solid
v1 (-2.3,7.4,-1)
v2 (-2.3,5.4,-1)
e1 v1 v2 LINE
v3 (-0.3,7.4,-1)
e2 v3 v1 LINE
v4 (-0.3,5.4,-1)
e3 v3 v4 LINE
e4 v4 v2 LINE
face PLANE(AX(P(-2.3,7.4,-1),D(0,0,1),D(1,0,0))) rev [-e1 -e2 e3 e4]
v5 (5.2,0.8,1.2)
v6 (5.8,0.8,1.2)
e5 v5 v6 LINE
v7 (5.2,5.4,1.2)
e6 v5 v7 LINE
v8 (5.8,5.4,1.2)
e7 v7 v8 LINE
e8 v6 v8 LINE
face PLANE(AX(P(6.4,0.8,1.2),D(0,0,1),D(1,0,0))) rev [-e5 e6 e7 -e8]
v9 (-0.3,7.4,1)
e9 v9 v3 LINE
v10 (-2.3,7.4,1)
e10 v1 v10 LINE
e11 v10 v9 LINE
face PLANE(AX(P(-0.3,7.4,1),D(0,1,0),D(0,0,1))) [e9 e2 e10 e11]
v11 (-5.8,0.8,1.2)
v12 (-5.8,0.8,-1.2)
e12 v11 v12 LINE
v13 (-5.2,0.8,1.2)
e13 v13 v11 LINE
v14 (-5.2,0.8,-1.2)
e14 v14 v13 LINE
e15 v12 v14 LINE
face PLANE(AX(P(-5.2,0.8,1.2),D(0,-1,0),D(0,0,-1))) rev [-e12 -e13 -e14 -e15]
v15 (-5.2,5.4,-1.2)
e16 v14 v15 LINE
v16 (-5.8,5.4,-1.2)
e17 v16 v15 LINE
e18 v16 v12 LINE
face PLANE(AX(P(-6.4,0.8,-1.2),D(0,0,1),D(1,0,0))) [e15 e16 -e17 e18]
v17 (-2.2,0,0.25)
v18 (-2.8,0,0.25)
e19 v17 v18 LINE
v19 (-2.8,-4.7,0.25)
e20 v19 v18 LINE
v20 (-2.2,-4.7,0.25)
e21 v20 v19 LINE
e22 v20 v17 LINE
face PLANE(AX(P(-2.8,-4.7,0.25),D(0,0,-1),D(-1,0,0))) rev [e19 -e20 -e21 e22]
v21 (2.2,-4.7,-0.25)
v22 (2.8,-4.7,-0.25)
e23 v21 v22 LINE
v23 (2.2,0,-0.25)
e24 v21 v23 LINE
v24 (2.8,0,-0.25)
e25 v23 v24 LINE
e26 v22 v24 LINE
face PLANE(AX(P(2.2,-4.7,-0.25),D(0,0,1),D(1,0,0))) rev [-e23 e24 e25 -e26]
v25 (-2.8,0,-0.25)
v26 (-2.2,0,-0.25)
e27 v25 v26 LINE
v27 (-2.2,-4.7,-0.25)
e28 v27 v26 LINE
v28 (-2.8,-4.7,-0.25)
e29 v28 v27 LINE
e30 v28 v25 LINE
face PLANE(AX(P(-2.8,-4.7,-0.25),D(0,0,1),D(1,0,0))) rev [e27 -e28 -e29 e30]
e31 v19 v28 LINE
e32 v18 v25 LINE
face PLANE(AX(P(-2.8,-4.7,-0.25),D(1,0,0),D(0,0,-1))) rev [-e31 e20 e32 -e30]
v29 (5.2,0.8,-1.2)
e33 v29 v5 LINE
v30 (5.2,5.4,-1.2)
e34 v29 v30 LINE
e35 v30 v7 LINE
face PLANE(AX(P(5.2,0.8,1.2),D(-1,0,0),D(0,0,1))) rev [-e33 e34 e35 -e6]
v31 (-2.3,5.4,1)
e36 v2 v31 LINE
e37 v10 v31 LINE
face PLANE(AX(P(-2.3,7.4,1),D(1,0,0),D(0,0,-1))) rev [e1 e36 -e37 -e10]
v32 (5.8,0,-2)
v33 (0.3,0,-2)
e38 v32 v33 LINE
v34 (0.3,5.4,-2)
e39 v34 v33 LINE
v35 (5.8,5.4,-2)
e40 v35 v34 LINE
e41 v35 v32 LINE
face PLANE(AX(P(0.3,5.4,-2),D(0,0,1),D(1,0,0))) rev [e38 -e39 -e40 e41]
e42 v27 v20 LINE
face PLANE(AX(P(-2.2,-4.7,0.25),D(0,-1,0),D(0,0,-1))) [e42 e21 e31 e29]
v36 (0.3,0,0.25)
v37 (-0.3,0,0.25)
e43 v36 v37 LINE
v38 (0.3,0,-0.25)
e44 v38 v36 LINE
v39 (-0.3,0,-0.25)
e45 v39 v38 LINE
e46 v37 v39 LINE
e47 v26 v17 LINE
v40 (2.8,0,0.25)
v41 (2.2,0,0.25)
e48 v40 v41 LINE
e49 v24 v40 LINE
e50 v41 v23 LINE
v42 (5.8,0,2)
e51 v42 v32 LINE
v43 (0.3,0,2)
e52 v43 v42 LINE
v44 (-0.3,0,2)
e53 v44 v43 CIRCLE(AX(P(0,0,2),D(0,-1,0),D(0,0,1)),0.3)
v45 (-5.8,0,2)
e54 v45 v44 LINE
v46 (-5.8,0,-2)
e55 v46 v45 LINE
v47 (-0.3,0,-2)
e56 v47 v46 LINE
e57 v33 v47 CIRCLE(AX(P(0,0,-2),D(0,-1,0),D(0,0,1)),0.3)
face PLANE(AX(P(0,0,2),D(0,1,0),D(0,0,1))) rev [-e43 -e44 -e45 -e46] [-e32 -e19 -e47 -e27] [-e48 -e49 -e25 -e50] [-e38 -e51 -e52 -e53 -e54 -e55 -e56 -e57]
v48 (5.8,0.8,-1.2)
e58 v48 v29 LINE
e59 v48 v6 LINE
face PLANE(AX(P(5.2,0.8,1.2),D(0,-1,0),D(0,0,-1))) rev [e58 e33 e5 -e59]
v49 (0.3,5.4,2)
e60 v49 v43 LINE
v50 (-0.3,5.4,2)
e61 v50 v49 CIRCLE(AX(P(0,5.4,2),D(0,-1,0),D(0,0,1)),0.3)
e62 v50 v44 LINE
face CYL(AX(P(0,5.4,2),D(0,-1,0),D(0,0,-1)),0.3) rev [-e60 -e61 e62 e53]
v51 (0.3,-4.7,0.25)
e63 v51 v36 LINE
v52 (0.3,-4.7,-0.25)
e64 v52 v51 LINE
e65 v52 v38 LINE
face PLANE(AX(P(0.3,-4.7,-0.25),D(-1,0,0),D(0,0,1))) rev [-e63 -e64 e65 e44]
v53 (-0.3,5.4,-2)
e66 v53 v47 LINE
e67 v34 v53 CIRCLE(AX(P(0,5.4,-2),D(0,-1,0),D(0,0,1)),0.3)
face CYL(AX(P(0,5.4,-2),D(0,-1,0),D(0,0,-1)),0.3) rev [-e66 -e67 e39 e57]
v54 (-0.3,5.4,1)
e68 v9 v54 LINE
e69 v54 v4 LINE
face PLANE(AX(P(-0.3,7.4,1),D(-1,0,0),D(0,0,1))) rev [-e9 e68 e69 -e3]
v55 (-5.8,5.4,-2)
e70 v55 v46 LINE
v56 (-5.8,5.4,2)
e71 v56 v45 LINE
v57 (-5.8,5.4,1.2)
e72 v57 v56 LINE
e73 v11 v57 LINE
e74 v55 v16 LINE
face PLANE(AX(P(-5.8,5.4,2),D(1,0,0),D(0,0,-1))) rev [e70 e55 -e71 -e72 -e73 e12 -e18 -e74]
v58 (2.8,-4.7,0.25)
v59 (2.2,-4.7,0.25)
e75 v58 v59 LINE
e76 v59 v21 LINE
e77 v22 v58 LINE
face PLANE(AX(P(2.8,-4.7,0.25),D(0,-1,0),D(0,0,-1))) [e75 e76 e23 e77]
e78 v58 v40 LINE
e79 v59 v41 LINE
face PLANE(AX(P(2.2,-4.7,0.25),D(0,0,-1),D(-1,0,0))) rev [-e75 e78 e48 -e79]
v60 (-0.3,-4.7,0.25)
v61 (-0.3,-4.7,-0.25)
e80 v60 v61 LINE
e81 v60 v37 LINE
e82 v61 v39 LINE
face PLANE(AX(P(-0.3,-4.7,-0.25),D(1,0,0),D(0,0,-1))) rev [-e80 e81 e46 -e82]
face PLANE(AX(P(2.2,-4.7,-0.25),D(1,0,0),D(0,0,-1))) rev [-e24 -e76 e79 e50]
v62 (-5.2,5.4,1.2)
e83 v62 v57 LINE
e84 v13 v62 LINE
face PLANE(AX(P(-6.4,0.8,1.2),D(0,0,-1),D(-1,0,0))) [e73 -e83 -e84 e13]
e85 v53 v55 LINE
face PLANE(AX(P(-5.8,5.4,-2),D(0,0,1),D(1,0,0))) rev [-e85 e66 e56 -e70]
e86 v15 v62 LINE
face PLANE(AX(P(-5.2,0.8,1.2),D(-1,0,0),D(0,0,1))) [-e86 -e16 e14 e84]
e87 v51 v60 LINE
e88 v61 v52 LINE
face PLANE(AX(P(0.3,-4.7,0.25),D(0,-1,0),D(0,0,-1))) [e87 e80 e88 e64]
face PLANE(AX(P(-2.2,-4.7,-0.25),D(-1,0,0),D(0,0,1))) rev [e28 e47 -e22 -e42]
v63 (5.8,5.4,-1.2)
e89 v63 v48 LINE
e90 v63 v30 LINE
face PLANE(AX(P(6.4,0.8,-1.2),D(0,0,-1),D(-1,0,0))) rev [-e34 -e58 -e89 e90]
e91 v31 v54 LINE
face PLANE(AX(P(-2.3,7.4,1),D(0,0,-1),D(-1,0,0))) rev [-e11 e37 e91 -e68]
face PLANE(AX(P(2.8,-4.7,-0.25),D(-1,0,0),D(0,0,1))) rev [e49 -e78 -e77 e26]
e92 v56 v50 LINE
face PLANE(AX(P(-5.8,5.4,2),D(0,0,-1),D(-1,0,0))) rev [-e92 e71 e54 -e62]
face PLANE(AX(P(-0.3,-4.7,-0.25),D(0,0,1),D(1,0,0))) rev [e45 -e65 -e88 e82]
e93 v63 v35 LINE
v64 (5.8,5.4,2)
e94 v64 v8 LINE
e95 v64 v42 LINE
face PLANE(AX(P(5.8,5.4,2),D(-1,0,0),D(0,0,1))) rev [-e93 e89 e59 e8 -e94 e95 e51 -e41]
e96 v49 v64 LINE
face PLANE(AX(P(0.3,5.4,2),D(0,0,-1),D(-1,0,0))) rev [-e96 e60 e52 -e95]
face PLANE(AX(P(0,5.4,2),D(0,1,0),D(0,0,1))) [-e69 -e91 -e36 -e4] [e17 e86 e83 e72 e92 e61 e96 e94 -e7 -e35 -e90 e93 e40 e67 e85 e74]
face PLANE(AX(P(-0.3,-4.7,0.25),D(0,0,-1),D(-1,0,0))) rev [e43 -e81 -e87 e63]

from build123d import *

# Parameters (mm, degrees)
BOSS_EXTRUDE1_DEPTH = 5.4
SKETCH3_W           = 0.6
SKETCH3_H           = 0.5
BOSS_EXTRUDE3_DEPTH = 4.7
SKETCH4_W           = 2
SKETCH4_H           = 2
BOSS_EXTRUDE4_DEPTH = 2
SKETCH5_W           = 1.2
SKETCH5_H           = 2.4
CUT_EXTRUDE1_DEPTH  = 4.6


with BuildPart() as part:
    # Sketch1 → Boss-Extrude1 (new body)
    with BuildSketch(Plane(origin=(0, 0, 0), x_dir=(1, 0, 0), z_dir=(0, 1, 0))):
        with BuildLine():
            Line((-5.8, -2), (-0.3, -2))
            ThreePointArc((-0.3, -2), (0, -1.7), (0.3, -2))
            Line((0.3, -2), (5.8, -2))
            Line((5.8, -2), (5.8, 2))
            Line((5.8, 2), (0.3, 2))
            ThreePointArc((0.3, 2), (0, 1.7), (-0.3, 2))
            Line((-0.3, 2), (-5.8, 2))
            Line((-5.8, 2), (-5.8, -2))
        make_face()
    extrude(amount=BOSS_EXTRUDE1_DEPTH)

    # Sketch3 → Boss-Extrude3 (add)
    with BuildSketch(Plane.XZ):
        Rectangle(SKETCH3_W, SKETCH3_H)
        with Locations((2.5, 0)):
            Rectangle(SKETCH3_W, SKETCH3_H)
        with Locations((-2.5, 0)):
            Rectangle(SKETCH3_W, SKETCH3_H)
    extrude(amount=BOSS_EXTRUDE3_DEPTH)

    # Sketch4 → Boss-Extrude4 (add)
    with BuildSketch(Plane(origin=(0, 5.4, 0), x_dir=(1, 0, 0), z_dir=(0, 1, 0))):
        with Locations((-1.3, 0)):
            Rectangle(SKETCH4_W, SKETCH4_H)
    extrude(amount=BOSS_EXTRUDE4_DEPTH)

    # Sketch5 → Cut-Extrude1 (cut)
    with BuildSketch(Plane(origin=(0, 5.4, 0), x_dir=(1, 0, 0), z_dir=(0, 1, 0))):
        with Locations((5.8, 0)):
            Rectangle(SKETCH5_W, SKETCH5_H)
    cut_extrude1 = extrude(amount=-CUT_EXTRUDE1_DEPTH, mode=Mode.SUBTRACT)

    # Mirror1: Cut-Extrude1 across plane
    add(cut_extrude1.mirror(Plane(origin=(0, 0, 0), x_dir=(0, 0, 1), z_dir=(1, 0, 0))), mode=Mode.SUBTRACT)


solid = part.part
